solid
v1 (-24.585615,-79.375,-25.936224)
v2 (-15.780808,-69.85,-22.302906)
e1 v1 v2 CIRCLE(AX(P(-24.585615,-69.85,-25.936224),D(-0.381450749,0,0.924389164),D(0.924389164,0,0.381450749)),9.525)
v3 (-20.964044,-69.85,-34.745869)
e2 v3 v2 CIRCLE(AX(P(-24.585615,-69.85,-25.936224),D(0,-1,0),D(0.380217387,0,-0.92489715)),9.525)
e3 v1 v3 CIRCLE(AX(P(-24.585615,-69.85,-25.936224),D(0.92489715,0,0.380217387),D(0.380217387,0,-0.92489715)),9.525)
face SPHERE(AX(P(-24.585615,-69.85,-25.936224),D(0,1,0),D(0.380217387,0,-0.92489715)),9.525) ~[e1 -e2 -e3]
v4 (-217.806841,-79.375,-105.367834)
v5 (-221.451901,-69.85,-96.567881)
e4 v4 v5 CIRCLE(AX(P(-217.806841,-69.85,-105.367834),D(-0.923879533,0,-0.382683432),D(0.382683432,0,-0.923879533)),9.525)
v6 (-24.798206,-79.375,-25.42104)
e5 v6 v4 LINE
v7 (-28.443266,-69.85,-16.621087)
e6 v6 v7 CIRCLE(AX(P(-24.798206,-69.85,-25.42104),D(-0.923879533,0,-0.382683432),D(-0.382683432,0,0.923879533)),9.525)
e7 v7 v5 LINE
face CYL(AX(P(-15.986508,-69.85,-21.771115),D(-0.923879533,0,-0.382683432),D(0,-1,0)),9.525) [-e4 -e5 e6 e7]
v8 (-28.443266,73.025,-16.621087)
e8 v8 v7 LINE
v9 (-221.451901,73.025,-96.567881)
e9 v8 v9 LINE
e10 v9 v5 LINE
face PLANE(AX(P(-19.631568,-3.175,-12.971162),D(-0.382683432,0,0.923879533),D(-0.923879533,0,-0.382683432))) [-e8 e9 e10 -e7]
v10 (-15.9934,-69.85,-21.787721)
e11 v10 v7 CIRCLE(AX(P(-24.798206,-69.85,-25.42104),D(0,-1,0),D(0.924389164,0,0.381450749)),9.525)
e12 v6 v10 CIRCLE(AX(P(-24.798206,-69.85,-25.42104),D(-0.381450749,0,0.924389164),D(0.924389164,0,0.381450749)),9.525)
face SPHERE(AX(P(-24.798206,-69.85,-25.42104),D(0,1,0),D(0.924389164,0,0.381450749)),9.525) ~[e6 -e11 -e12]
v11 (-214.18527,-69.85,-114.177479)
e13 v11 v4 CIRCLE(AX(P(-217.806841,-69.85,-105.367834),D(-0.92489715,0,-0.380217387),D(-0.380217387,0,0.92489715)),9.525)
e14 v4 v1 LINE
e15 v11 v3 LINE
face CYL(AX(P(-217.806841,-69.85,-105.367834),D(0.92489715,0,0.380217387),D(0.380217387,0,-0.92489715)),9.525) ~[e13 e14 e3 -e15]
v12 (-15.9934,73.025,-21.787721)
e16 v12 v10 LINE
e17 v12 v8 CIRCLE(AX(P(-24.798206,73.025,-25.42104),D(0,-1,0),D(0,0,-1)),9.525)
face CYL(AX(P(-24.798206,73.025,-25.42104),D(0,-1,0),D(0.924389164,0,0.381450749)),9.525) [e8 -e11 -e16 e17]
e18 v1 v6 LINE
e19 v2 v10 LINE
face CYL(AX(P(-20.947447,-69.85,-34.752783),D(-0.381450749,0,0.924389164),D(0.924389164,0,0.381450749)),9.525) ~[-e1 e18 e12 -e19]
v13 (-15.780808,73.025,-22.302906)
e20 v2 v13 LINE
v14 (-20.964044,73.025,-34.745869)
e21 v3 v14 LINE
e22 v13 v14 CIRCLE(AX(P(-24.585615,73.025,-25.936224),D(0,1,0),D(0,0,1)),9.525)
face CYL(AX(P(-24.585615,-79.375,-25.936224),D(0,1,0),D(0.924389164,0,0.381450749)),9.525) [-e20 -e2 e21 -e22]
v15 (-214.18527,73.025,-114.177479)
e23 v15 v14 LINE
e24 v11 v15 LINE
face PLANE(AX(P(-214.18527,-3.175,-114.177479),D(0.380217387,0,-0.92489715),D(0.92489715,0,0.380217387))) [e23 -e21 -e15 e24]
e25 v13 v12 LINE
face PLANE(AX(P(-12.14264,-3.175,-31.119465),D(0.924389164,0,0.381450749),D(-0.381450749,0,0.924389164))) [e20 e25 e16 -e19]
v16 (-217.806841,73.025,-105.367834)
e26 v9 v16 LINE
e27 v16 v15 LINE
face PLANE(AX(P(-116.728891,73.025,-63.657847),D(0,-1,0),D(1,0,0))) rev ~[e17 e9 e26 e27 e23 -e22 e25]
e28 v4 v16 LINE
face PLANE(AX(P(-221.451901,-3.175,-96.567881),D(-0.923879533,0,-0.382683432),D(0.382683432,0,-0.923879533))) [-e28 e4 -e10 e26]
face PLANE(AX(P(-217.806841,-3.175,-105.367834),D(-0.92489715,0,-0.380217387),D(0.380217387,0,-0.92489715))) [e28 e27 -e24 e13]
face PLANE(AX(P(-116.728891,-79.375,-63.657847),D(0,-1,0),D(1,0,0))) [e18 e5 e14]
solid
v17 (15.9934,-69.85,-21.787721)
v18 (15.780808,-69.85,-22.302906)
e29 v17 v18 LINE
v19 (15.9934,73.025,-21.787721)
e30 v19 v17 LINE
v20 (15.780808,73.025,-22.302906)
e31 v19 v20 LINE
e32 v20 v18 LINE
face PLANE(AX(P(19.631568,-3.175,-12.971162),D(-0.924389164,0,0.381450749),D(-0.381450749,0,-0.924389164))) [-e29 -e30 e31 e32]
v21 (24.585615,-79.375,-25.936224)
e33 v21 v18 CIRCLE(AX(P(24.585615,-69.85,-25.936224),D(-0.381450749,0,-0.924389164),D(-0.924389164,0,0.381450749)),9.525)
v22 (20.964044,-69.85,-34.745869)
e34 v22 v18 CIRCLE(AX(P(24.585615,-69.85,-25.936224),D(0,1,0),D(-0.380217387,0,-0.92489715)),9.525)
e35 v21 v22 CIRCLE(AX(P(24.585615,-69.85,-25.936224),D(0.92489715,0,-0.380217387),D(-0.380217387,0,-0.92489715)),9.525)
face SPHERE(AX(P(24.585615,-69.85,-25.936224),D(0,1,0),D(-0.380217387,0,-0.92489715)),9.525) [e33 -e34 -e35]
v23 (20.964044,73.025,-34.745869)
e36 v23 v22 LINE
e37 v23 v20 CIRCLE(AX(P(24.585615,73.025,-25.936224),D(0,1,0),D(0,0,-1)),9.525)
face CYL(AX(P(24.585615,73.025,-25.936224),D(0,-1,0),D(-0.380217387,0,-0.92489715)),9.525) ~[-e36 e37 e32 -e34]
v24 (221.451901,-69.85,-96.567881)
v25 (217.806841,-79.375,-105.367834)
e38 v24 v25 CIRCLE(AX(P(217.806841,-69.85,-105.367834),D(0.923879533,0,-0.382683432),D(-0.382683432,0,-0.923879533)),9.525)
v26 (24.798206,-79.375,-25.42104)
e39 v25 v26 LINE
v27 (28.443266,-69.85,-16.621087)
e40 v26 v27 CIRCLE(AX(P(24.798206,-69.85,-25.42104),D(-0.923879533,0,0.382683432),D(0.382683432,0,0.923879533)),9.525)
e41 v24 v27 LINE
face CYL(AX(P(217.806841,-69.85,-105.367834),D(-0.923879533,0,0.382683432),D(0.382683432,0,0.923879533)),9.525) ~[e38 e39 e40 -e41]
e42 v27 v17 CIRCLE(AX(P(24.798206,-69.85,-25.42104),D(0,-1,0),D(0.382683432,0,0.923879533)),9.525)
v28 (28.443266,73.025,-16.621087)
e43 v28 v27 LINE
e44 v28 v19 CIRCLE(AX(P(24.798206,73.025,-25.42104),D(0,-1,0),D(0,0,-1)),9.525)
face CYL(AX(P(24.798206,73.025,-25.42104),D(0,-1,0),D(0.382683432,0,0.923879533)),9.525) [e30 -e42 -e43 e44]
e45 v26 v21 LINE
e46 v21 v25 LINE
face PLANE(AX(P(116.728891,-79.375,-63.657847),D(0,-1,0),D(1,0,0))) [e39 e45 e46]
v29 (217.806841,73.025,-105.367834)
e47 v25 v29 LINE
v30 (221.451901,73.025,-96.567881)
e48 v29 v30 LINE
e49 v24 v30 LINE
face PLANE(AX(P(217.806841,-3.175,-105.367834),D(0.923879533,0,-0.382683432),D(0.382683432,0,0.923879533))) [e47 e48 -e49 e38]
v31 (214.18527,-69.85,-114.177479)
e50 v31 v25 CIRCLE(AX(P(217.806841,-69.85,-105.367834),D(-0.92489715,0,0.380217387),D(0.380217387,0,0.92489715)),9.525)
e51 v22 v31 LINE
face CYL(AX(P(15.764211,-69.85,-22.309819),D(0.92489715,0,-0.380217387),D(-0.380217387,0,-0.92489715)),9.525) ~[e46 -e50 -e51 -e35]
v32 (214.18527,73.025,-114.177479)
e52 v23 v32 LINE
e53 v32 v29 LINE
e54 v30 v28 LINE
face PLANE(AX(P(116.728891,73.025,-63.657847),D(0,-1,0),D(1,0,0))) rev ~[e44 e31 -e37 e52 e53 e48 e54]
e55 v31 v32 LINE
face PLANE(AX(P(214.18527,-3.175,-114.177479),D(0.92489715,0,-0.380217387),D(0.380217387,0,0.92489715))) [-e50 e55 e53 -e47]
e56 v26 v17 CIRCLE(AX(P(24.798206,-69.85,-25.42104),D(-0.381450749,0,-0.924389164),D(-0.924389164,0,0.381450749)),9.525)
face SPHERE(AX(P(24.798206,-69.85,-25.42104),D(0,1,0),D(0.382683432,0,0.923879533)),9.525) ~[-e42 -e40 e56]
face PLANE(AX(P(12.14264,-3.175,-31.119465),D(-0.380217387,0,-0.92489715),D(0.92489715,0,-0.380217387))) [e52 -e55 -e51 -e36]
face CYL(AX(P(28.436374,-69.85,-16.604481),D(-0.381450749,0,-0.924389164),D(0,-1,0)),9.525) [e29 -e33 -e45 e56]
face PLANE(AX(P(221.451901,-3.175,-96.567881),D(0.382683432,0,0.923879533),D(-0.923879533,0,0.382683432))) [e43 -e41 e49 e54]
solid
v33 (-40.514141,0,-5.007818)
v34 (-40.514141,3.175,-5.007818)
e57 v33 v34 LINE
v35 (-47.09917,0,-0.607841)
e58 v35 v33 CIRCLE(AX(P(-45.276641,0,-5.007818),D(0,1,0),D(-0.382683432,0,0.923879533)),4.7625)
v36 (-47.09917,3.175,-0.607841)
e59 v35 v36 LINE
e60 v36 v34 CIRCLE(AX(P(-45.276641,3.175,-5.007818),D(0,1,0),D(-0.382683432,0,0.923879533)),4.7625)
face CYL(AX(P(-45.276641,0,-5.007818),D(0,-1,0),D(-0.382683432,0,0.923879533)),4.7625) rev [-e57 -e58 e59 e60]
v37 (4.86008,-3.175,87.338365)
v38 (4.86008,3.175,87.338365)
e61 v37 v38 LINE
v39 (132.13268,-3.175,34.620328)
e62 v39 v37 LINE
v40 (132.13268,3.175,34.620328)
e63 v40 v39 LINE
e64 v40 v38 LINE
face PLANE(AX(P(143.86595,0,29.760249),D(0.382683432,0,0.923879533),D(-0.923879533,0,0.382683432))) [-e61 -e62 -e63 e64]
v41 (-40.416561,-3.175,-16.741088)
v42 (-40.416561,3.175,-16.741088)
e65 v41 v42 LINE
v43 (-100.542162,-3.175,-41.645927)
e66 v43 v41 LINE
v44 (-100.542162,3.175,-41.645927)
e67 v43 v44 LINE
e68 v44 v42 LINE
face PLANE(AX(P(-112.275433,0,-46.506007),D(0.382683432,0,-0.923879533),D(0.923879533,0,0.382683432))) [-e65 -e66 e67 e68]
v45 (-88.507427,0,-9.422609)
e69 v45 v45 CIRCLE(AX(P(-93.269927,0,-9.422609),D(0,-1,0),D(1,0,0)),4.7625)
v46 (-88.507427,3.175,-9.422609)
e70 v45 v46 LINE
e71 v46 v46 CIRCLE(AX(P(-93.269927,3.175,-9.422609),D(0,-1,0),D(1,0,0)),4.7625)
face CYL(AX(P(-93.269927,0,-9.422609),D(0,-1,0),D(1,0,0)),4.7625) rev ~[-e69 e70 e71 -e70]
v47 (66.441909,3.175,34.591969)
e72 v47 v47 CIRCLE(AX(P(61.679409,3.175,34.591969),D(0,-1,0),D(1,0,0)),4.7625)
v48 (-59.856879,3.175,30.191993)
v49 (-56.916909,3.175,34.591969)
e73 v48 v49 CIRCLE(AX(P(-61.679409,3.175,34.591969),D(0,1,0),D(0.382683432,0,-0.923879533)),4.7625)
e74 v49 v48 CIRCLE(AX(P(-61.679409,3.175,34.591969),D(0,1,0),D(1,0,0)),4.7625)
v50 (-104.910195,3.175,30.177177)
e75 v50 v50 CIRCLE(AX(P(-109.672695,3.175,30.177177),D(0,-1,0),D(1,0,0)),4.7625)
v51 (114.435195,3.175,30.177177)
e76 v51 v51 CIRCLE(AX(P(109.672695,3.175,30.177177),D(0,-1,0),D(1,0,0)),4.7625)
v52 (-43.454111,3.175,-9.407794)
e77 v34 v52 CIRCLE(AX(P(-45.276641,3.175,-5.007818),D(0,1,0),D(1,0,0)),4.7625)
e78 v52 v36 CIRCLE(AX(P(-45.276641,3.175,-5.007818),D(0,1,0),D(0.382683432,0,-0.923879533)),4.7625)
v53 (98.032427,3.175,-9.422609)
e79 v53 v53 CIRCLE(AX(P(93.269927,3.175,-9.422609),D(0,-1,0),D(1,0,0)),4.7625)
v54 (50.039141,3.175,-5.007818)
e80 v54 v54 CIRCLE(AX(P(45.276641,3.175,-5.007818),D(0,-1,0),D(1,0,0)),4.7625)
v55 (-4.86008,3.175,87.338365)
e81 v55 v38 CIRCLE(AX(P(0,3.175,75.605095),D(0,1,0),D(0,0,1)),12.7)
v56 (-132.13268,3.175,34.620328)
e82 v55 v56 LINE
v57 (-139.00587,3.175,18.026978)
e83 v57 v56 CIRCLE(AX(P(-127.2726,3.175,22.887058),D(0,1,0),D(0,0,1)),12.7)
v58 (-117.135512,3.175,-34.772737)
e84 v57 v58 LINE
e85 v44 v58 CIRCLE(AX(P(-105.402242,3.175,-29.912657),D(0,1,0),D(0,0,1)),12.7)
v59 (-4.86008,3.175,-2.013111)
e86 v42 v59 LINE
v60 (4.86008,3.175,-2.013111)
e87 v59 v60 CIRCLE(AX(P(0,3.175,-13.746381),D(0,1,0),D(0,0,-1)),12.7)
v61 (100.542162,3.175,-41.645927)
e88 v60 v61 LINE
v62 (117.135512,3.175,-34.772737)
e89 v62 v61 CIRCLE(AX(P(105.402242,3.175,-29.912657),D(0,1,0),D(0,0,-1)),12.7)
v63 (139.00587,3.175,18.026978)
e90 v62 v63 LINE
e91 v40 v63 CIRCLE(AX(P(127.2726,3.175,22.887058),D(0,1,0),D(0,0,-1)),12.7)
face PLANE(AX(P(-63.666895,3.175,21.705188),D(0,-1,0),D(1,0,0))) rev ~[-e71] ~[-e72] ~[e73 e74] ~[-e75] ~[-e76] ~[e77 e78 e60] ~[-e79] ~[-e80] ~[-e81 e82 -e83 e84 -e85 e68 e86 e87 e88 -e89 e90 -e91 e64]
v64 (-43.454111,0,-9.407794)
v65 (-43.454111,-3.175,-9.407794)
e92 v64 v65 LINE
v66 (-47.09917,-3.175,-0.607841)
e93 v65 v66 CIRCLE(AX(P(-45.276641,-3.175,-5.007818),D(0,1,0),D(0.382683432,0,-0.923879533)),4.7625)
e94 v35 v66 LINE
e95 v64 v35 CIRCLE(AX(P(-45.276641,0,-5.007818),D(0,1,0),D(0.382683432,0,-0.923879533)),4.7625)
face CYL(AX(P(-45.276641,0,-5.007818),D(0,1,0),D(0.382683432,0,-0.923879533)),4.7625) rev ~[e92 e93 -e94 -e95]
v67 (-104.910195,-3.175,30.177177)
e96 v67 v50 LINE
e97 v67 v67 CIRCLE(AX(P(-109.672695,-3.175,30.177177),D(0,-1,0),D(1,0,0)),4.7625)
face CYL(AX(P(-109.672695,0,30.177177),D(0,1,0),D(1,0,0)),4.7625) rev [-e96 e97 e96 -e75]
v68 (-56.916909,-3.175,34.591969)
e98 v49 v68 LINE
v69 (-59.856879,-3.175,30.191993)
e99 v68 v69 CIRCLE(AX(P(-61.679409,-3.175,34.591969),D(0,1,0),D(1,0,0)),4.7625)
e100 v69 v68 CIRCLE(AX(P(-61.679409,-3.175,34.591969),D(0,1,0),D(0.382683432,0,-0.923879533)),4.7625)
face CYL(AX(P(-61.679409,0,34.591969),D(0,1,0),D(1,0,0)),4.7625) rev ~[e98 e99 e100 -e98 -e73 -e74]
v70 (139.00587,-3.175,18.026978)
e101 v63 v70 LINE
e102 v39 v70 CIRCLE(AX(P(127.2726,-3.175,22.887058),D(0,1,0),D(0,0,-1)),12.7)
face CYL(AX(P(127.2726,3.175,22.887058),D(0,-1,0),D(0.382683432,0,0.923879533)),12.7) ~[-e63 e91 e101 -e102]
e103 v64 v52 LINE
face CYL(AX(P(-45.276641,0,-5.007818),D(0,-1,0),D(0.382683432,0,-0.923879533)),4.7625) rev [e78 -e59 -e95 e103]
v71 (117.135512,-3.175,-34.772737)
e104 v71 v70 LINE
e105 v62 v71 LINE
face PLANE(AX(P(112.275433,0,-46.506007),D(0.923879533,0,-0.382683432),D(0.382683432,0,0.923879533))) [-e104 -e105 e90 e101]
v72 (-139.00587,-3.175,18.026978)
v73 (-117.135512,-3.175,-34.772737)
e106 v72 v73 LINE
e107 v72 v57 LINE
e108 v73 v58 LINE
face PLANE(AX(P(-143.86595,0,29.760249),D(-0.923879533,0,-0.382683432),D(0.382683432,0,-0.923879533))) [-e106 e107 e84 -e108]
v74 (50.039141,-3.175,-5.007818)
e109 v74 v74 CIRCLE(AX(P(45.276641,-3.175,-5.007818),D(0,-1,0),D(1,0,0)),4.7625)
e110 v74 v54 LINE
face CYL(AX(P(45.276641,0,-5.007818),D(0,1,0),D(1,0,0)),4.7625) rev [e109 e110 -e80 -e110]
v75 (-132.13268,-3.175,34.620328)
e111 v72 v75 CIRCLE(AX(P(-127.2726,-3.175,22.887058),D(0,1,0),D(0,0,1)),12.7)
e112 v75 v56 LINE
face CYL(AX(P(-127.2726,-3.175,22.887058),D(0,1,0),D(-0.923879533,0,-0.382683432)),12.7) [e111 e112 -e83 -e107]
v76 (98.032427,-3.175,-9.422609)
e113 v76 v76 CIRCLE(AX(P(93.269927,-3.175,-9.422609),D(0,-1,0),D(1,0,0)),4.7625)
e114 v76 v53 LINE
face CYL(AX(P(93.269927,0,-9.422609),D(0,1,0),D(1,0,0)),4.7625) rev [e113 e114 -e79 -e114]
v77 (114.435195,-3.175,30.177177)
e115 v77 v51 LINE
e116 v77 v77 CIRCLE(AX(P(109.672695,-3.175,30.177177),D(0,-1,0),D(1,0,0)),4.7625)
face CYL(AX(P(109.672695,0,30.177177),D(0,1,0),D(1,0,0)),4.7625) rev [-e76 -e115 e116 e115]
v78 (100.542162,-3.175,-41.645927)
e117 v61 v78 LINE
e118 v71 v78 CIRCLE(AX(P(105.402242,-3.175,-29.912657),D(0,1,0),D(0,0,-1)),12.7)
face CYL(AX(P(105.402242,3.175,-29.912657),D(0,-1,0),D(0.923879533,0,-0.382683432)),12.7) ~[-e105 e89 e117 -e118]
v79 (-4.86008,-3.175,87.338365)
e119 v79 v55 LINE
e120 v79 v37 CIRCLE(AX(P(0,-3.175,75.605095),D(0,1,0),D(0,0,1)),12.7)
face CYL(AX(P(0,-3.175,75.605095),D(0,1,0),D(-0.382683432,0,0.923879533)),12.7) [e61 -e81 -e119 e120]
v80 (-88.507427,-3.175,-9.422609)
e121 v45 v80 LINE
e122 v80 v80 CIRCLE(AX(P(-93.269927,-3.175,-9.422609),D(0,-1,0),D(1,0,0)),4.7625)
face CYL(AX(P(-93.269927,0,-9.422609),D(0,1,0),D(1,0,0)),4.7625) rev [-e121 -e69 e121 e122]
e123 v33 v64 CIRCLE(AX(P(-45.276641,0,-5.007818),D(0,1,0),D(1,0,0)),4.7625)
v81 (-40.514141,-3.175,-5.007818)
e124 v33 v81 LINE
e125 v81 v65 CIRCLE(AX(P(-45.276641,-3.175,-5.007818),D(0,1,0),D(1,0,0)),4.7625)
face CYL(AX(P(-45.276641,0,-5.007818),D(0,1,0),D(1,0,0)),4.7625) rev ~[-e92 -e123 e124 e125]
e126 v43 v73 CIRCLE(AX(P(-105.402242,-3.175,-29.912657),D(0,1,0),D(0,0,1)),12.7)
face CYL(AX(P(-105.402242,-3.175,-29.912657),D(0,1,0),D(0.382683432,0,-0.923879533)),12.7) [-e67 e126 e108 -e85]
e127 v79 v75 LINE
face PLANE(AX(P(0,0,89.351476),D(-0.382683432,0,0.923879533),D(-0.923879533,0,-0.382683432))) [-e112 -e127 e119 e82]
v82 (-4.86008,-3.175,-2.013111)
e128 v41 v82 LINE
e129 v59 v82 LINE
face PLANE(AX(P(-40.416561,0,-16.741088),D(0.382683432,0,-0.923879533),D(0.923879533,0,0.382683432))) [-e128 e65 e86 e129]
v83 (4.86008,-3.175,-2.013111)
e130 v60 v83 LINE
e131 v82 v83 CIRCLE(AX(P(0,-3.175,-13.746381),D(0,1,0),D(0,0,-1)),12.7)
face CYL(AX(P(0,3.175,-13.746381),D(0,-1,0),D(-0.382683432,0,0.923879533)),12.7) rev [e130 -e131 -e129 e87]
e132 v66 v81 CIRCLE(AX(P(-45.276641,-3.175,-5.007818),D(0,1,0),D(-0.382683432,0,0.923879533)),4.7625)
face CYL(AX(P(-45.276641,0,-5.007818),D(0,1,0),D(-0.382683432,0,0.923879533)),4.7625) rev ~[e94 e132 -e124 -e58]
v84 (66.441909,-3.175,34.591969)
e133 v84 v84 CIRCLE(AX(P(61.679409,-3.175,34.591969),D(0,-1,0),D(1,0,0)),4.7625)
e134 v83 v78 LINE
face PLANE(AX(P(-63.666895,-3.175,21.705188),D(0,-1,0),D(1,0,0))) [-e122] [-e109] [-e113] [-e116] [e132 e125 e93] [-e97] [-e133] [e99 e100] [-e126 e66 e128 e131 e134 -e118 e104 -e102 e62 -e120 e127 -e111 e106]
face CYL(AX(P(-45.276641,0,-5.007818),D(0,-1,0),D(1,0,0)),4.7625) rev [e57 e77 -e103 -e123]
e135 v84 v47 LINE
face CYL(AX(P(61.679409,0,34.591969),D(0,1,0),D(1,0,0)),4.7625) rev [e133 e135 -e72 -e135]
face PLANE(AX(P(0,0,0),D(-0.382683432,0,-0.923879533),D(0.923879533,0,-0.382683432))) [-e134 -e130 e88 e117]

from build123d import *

# Parameters (mm, degrees)
F0_R     = 4.7625
F1_DEPTH = 3.175
F2_R     = 12.7
F3_DEPTH = 76.2
F4_R     = 9.525
F4_2_R   = 9.525


with BuildPart() as f1:
    # F0 (on Front) → F1 (new body, symmetric)
    with BuildSketch(Plane.XZ):
        Polygon((-40.4165609485, -16.7410876894), (0, 0), (0, 89.3514761341), (-143.8659498691, 29.7602485347), (-112.2754325273, -46.5060068741), align=None)
        with Locations((-93.2699265011, -9.4226090129)):
            Circle(F0_R, mode=Mode.SUBTRACT)
        with BuildLine():
            ThreePointArc((-40.5141405396, -5.0078176265), (-41.316766511, -7.6537208612), (-43.4541106929, -9.4077939001))
            ThreePointArc((-43.4541106929, -9.4077939001), (-49.6766168132, -6.8303474731), (-47.0991703862, -0.6078413529))
            ThreePointArc((-47.0991703862, -0.6078413529), (-42.6307373048, -1.0479435979), (-40.5141405396, -5.0078176265))
        make_face(mode=Mode.SUBTRACT)
        with Locations((-109.6726951208, 30.1771774494)):
            Circle(F0_R, mode=Mode.SUBTRACT)
        with BuildLine():
            ThreePointArc((-56.9169091593, 34.5919688358), (-57.7195351307, 31.946065601), (-59.8568793127, 30.1919925622))
            ThreePointArc((-59.8568793127, 30.1919925622), (-65.6392831879, 37.2378720706), (-56.9169091593, 34.5919688358))
        make_face(mode=Mode.SUBTRACT)
        Polygon((0, 89.3514761341), (0, 0), (112.2754325273, -46.5060068741), (143.8659498691, 29.7602485347), align=None)
        with Locations((45.2766405396, -5.0078176265)):
            Circle(F0_R, mode=Mode.SUBTRACT)
        with Locations((93.2699265011, -9.4226090129)):
            Circle(F0_R, mode=Mode.SUBTRACT)
        with Locations((61.6794091593, 34.5919688358)):
            Circle(F0_R, mode=Mode.SUBTRACT)
        with Locations((109.6726951208, 30.1771774494)):
            Circle(F0_R, mode=Mode.SUBTRACT)
    extrude(amount=F1_DEPTH, both=True)

    # F2
    f2_edges = [f1.edges().sort_by_distance(p)[0] for p in [
        (-143.86595, 0, 29.760249),
        (0, 0, 89.351476),
        (0, 0, 0),
        (112.275433, 0, -46.506007),
        (143.86595, 0, 29.760249),
        (-112.275433, 0, -46.506007),
    ]]
    fillet(f2_edges, radius=F2_R)


with BuildPart() as f1b:
    # F0 (on Front) → F1, piece 2 (new body, symmetric)
    with BuildSketch(Plane.XZ):
        Polygon((-12.1426400097, -31.1194647295), (-19.6315676376, -12.9711623258), (-221.4519007896, -96.56788148), (-217.8068410963, -105.3678340271), (-214.1852704835, -114.177479383), align=None)
    extrude(amount=F1_DEPTH, both=True)

    # F3 (add, symmetric): a face of the model
    f3_faces = [f1b.faces().sort_by_distance(p)[0] for p in [
        (-116.342910997, -3.175, -63.4985719637),
    ]]
    extrude(f3_faces, amount=F3_DEPTH, both=True)

    # F4#2
    f4_2_edges = [f1b.edges().sort_by_distance(p)[0] for p in [
        (-12.14264, -3.175, -31.119465),
        (-120.541734, -79.375, -54.769522),
        (-113.163955, -79.375, -72.648472),
        (-19.631568, -3.175, -12.971162),
        (-15.887104, -79.375, -22.045314),
    ]]
    fillet(f4_2_edges, radius=F4_2_R)


with BuildPart() as f1c:
    # F0 (on Front) → F1, piece 3 (new body, symmetric)
    with BuildSketch(Plane.XZ):
        Polygon((221.4519007896, -96.56788148), (19.6315676376, -12.9711623258), (12.1426400097, -31.1194647295), (214.1852704835, -114.177479383), (217.8068410963, -105.3678340271), align=None)
    extrude(amount=F1_DEPTH, both=True)

    # F3#2 (add, symmetric): a face of the model
    f3_2_faces = [f1c.faces().sort_by_distance(p)[0] for p in [
        (116.342910997, -3.175, -63.4985719637),
    ]]
    extrude(f3_2_faces, amount=F3_DEPTH, both=True)

    # F4
    f4_edges = [f1c.edges().sort_by_distance(p)[0] for p in [
        (19.631568, -3.175, -12.971162),
        (12.14264, -3.175, -31.119465),
        (120.541734, -79.375, -54.769522),
        (113.163955, -79.375, -72.648472),
        (15.887104, -79.375, -22.045314),
    ]]
    fillet(f4_edges, radius=F4_R)


solid = Compound([f1.part, f1b.part, f1c.part])
